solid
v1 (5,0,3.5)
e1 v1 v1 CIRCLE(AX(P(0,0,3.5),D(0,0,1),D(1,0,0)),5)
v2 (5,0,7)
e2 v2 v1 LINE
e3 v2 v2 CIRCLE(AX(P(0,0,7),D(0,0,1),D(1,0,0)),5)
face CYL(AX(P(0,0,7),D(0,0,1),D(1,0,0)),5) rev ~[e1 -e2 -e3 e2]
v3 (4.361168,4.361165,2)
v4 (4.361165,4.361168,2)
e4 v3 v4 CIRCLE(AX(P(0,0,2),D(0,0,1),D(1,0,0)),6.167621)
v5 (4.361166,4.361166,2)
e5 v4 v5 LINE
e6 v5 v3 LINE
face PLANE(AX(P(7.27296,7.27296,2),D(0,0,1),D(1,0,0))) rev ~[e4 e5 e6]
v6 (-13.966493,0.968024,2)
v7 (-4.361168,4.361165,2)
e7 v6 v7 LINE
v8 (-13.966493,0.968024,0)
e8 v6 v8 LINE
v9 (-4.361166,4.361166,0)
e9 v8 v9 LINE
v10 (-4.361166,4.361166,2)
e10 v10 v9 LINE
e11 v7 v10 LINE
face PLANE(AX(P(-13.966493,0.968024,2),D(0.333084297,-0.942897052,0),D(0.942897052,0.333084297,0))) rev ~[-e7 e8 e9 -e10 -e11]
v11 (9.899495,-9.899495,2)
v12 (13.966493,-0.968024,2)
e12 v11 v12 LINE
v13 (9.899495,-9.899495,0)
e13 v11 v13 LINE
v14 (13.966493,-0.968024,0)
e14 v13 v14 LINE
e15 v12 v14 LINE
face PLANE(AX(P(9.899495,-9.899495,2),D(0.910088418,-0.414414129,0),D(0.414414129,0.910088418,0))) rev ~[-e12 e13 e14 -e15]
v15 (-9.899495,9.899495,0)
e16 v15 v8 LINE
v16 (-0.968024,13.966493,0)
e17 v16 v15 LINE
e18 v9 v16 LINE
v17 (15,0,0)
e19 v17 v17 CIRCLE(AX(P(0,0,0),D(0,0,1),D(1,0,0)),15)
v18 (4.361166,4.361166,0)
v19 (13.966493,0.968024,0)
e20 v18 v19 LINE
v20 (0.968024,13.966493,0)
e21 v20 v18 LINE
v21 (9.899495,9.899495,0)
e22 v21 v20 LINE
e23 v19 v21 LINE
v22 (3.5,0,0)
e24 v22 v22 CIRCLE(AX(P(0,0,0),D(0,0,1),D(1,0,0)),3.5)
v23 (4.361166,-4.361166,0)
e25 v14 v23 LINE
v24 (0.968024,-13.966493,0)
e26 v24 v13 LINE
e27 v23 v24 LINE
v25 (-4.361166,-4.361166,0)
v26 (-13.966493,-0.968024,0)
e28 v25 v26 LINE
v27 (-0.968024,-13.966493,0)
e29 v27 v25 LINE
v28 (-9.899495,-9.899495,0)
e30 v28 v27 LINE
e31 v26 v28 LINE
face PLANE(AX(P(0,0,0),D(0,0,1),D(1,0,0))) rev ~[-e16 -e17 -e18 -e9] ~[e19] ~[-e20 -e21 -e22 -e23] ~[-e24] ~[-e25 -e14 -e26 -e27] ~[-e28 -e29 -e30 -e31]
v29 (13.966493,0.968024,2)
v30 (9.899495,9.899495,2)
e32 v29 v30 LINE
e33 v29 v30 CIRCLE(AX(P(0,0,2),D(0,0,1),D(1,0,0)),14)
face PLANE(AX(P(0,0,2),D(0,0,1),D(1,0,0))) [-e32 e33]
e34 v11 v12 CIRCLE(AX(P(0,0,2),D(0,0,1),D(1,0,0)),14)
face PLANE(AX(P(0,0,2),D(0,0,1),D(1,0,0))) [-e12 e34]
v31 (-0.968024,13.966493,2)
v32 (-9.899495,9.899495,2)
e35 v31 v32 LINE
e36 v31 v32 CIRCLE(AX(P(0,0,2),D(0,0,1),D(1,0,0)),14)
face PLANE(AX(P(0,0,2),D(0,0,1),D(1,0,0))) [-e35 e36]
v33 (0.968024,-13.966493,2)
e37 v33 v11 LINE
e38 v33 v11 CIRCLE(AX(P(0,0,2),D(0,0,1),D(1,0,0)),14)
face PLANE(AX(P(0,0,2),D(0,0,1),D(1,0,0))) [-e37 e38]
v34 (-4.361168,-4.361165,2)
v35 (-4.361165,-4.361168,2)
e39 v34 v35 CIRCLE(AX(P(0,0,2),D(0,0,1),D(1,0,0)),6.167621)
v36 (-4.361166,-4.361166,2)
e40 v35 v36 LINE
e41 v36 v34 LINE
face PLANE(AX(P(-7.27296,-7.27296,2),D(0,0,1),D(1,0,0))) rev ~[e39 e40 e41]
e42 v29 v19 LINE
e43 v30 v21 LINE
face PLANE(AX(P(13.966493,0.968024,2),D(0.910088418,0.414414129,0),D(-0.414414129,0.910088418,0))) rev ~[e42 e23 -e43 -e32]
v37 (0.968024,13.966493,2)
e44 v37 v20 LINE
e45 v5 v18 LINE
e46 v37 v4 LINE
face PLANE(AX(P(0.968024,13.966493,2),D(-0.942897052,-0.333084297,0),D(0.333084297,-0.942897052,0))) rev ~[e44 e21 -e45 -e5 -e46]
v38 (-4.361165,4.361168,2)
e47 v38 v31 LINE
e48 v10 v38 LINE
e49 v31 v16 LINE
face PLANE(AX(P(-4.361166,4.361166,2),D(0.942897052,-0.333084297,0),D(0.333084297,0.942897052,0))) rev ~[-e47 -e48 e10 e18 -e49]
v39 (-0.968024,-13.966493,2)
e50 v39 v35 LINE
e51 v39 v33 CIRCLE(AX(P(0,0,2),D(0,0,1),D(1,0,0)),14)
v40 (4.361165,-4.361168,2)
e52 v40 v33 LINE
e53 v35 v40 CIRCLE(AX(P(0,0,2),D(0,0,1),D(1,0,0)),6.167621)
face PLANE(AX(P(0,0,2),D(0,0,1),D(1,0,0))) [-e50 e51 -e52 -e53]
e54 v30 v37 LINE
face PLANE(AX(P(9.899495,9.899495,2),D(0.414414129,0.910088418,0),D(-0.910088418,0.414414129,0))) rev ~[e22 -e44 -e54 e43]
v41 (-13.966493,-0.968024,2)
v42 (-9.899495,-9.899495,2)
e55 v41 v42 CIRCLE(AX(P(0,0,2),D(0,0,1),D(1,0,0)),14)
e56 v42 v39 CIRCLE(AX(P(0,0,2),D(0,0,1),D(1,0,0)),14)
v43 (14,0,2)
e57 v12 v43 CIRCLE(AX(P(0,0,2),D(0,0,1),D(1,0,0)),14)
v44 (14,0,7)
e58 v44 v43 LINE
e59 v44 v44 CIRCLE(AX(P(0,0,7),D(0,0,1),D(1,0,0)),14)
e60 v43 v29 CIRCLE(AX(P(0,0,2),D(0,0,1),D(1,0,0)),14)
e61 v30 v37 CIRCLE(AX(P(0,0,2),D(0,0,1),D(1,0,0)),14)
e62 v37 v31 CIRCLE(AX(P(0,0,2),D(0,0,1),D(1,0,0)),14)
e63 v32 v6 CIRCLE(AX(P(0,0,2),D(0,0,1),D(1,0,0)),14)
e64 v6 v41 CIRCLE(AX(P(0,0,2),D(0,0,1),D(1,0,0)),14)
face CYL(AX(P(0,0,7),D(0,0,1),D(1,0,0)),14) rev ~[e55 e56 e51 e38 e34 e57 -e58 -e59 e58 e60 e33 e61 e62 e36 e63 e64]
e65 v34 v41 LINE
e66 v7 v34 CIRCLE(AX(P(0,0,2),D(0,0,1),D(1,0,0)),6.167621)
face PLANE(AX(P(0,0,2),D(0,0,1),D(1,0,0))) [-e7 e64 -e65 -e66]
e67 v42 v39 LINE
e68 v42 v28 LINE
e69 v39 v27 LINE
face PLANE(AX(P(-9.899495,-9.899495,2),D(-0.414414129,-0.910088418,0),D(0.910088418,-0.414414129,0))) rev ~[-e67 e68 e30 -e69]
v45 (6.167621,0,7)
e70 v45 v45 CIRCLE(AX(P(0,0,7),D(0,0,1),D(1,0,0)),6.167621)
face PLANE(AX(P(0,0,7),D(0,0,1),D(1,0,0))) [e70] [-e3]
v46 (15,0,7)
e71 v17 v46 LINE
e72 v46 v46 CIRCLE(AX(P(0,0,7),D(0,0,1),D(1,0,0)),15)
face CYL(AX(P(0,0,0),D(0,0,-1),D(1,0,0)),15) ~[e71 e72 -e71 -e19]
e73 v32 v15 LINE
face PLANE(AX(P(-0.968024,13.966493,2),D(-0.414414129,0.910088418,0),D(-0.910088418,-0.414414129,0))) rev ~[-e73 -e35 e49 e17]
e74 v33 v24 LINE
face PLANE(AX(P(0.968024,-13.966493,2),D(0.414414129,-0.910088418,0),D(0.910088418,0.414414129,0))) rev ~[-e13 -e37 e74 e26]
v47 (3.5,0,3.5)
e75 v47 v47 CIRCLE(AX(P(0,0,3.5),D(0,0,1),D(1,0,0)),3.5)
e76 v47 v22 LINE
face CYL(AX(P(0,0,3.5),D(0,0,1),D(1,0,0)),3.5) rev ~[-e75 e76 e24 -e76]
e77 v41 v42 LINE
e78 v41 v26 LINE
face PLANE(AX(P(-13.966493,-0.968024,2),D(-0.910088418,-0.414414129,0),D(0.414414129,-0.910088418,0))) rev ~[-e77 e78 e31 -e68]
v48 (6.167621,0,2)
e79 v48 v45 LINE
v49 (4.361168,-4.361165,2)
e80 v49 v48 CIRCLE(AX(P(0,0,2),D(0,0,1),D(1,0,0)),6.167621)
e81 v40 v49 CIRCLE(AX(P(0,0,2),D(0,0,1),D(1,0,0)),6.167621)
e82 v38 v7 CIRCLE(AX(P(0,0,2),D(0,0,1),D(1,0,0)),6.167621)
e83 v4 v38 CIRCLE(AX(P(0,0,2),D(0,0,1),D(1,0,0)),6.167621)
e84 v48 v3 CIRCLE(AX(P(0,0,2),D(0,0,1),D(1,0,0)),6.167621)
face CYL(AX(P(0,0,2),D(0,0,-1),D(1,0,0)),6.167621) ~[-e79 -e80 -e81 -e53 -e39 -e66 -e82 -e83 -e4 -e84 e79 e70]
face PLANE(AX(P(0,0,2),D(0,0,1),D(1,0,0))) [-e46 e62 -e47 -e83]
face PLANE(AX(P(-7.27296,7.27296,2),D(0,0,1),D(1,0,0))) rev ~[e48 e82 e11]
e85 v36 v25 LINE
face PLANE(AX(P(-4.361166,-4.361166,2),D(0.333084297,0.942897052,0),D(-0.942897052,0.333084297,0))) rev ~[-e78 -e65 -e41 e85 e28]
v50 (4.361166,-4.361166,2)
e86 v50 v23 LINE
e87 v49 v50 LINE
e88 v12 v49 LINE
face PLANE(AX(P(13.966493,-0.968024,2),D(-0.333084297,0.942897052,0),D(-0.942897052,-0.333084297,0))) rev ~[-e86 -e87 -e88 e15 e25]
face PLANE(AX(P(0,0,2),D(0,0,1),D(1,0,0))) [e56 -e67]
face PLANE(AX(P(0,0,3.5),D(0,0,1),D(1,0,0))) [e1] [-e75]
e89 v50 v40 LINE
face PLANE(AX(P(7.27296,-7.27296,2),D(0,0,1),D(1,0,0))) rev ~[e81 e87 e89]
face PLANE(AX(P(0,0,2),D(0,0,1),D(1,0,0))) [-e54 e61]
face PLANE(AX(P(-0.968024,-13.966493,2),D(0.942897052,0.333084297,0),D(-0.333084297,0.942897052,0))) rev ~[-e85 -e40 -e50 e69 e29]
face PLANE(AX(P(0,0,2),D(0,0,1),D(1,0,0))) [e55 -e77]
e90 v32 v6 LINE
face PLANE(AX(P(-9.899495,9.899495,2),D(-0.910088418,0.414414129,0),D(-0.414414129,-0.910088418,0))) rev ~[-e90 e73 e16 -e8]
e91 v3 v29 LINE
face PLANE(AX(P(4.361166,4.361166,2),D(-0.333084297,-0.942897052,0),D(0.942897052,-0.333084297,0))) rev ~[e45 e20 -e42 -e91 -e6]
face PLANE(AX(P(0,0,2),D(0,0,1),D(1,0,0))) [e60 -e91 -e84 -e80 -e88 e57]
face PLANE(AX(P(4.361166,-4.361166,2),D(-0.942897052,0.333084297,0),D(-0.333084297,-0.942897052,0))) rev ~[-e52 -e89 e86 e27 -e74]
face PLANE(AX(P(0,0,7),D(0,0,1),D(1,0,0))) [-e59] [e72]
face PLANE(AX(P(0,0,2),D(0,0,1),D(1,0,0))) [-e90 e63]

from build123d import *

# Parameters (mm, degrees)
F0_R      = 15
F1_DEPTH  = 7
F2_R      = 14
F3_DEPTH  = 5
F4_R      = 6.167621
F5_DEPTH  = 5
F6_R      = 5
F7_DEPTH  = 3.5
F8_R      = 3.5
F9_DEPTH  = 3.5
F11_DEPTH = 2


with BuildPart() as f1:
    # F0 (on Top) → F1 (new body)
    with BuildSketch(Plane.XY):
        Circle(F0_R)
    extrude(amount=F1_DEPTH)

    # F2 (on face) → F3 (cut)
    with BuildSketch(Plane.XY.offset(7)):
        Circle(F2_R)
    extrude(amount=-F3_DEPTH, mode=Mode.SUBTRACT)

    # F4 (on face) → F5 (join)
    with BuildSketch(Plane.XY.offset(2)):
        Circle(F4_R)
    extrude(amount=F5_DEPTH)

    # F6 (on face) → F7 (cut)
    with BuildSketch(Plane.XY.offset(7)):
        Circle(F6_R)
    extrude(amount=-F7_DEPTH, mode=Mode.SUBTRACT)

    # F8 (on face) → F9 (cut, through all)
    with BuildSketch(Plane.XY.offset(3.5)):
        Circle(F8_R)
    extrude(amount=-F9_DEPTH, mode=Mode.SUBTRACT)

    # F10 (on face) → F11 (cut, through all)
    with BuildSketch(Plane.XY.offset(2)):
        Polygon((0.968024, 13.966493), (4.361166, 4.361166), (13.966493, 0.968024), (9.899495, 9.899495), align=None)
        Polygon((-13.966493, 0.968024), (-4.361166, 4.361166), (-0.968024, 13.966493), (-9.899495, 9.899495), align=None)
        Polygon((-0.968024, -13.966493), (-4.361166, -4.361166), (-13.966493, -0.968024), (-9.899495, -9.899495), align=None)
        Polygon((13.966493, -0.968024), (4.361166, -4.361166), (0.968024, -13.966493), (9.899495, -9.899495), align=None)
    extrude(amount=-F11_DEPTH, mode=Mode.SUBTRACT)


solid = f1.part
